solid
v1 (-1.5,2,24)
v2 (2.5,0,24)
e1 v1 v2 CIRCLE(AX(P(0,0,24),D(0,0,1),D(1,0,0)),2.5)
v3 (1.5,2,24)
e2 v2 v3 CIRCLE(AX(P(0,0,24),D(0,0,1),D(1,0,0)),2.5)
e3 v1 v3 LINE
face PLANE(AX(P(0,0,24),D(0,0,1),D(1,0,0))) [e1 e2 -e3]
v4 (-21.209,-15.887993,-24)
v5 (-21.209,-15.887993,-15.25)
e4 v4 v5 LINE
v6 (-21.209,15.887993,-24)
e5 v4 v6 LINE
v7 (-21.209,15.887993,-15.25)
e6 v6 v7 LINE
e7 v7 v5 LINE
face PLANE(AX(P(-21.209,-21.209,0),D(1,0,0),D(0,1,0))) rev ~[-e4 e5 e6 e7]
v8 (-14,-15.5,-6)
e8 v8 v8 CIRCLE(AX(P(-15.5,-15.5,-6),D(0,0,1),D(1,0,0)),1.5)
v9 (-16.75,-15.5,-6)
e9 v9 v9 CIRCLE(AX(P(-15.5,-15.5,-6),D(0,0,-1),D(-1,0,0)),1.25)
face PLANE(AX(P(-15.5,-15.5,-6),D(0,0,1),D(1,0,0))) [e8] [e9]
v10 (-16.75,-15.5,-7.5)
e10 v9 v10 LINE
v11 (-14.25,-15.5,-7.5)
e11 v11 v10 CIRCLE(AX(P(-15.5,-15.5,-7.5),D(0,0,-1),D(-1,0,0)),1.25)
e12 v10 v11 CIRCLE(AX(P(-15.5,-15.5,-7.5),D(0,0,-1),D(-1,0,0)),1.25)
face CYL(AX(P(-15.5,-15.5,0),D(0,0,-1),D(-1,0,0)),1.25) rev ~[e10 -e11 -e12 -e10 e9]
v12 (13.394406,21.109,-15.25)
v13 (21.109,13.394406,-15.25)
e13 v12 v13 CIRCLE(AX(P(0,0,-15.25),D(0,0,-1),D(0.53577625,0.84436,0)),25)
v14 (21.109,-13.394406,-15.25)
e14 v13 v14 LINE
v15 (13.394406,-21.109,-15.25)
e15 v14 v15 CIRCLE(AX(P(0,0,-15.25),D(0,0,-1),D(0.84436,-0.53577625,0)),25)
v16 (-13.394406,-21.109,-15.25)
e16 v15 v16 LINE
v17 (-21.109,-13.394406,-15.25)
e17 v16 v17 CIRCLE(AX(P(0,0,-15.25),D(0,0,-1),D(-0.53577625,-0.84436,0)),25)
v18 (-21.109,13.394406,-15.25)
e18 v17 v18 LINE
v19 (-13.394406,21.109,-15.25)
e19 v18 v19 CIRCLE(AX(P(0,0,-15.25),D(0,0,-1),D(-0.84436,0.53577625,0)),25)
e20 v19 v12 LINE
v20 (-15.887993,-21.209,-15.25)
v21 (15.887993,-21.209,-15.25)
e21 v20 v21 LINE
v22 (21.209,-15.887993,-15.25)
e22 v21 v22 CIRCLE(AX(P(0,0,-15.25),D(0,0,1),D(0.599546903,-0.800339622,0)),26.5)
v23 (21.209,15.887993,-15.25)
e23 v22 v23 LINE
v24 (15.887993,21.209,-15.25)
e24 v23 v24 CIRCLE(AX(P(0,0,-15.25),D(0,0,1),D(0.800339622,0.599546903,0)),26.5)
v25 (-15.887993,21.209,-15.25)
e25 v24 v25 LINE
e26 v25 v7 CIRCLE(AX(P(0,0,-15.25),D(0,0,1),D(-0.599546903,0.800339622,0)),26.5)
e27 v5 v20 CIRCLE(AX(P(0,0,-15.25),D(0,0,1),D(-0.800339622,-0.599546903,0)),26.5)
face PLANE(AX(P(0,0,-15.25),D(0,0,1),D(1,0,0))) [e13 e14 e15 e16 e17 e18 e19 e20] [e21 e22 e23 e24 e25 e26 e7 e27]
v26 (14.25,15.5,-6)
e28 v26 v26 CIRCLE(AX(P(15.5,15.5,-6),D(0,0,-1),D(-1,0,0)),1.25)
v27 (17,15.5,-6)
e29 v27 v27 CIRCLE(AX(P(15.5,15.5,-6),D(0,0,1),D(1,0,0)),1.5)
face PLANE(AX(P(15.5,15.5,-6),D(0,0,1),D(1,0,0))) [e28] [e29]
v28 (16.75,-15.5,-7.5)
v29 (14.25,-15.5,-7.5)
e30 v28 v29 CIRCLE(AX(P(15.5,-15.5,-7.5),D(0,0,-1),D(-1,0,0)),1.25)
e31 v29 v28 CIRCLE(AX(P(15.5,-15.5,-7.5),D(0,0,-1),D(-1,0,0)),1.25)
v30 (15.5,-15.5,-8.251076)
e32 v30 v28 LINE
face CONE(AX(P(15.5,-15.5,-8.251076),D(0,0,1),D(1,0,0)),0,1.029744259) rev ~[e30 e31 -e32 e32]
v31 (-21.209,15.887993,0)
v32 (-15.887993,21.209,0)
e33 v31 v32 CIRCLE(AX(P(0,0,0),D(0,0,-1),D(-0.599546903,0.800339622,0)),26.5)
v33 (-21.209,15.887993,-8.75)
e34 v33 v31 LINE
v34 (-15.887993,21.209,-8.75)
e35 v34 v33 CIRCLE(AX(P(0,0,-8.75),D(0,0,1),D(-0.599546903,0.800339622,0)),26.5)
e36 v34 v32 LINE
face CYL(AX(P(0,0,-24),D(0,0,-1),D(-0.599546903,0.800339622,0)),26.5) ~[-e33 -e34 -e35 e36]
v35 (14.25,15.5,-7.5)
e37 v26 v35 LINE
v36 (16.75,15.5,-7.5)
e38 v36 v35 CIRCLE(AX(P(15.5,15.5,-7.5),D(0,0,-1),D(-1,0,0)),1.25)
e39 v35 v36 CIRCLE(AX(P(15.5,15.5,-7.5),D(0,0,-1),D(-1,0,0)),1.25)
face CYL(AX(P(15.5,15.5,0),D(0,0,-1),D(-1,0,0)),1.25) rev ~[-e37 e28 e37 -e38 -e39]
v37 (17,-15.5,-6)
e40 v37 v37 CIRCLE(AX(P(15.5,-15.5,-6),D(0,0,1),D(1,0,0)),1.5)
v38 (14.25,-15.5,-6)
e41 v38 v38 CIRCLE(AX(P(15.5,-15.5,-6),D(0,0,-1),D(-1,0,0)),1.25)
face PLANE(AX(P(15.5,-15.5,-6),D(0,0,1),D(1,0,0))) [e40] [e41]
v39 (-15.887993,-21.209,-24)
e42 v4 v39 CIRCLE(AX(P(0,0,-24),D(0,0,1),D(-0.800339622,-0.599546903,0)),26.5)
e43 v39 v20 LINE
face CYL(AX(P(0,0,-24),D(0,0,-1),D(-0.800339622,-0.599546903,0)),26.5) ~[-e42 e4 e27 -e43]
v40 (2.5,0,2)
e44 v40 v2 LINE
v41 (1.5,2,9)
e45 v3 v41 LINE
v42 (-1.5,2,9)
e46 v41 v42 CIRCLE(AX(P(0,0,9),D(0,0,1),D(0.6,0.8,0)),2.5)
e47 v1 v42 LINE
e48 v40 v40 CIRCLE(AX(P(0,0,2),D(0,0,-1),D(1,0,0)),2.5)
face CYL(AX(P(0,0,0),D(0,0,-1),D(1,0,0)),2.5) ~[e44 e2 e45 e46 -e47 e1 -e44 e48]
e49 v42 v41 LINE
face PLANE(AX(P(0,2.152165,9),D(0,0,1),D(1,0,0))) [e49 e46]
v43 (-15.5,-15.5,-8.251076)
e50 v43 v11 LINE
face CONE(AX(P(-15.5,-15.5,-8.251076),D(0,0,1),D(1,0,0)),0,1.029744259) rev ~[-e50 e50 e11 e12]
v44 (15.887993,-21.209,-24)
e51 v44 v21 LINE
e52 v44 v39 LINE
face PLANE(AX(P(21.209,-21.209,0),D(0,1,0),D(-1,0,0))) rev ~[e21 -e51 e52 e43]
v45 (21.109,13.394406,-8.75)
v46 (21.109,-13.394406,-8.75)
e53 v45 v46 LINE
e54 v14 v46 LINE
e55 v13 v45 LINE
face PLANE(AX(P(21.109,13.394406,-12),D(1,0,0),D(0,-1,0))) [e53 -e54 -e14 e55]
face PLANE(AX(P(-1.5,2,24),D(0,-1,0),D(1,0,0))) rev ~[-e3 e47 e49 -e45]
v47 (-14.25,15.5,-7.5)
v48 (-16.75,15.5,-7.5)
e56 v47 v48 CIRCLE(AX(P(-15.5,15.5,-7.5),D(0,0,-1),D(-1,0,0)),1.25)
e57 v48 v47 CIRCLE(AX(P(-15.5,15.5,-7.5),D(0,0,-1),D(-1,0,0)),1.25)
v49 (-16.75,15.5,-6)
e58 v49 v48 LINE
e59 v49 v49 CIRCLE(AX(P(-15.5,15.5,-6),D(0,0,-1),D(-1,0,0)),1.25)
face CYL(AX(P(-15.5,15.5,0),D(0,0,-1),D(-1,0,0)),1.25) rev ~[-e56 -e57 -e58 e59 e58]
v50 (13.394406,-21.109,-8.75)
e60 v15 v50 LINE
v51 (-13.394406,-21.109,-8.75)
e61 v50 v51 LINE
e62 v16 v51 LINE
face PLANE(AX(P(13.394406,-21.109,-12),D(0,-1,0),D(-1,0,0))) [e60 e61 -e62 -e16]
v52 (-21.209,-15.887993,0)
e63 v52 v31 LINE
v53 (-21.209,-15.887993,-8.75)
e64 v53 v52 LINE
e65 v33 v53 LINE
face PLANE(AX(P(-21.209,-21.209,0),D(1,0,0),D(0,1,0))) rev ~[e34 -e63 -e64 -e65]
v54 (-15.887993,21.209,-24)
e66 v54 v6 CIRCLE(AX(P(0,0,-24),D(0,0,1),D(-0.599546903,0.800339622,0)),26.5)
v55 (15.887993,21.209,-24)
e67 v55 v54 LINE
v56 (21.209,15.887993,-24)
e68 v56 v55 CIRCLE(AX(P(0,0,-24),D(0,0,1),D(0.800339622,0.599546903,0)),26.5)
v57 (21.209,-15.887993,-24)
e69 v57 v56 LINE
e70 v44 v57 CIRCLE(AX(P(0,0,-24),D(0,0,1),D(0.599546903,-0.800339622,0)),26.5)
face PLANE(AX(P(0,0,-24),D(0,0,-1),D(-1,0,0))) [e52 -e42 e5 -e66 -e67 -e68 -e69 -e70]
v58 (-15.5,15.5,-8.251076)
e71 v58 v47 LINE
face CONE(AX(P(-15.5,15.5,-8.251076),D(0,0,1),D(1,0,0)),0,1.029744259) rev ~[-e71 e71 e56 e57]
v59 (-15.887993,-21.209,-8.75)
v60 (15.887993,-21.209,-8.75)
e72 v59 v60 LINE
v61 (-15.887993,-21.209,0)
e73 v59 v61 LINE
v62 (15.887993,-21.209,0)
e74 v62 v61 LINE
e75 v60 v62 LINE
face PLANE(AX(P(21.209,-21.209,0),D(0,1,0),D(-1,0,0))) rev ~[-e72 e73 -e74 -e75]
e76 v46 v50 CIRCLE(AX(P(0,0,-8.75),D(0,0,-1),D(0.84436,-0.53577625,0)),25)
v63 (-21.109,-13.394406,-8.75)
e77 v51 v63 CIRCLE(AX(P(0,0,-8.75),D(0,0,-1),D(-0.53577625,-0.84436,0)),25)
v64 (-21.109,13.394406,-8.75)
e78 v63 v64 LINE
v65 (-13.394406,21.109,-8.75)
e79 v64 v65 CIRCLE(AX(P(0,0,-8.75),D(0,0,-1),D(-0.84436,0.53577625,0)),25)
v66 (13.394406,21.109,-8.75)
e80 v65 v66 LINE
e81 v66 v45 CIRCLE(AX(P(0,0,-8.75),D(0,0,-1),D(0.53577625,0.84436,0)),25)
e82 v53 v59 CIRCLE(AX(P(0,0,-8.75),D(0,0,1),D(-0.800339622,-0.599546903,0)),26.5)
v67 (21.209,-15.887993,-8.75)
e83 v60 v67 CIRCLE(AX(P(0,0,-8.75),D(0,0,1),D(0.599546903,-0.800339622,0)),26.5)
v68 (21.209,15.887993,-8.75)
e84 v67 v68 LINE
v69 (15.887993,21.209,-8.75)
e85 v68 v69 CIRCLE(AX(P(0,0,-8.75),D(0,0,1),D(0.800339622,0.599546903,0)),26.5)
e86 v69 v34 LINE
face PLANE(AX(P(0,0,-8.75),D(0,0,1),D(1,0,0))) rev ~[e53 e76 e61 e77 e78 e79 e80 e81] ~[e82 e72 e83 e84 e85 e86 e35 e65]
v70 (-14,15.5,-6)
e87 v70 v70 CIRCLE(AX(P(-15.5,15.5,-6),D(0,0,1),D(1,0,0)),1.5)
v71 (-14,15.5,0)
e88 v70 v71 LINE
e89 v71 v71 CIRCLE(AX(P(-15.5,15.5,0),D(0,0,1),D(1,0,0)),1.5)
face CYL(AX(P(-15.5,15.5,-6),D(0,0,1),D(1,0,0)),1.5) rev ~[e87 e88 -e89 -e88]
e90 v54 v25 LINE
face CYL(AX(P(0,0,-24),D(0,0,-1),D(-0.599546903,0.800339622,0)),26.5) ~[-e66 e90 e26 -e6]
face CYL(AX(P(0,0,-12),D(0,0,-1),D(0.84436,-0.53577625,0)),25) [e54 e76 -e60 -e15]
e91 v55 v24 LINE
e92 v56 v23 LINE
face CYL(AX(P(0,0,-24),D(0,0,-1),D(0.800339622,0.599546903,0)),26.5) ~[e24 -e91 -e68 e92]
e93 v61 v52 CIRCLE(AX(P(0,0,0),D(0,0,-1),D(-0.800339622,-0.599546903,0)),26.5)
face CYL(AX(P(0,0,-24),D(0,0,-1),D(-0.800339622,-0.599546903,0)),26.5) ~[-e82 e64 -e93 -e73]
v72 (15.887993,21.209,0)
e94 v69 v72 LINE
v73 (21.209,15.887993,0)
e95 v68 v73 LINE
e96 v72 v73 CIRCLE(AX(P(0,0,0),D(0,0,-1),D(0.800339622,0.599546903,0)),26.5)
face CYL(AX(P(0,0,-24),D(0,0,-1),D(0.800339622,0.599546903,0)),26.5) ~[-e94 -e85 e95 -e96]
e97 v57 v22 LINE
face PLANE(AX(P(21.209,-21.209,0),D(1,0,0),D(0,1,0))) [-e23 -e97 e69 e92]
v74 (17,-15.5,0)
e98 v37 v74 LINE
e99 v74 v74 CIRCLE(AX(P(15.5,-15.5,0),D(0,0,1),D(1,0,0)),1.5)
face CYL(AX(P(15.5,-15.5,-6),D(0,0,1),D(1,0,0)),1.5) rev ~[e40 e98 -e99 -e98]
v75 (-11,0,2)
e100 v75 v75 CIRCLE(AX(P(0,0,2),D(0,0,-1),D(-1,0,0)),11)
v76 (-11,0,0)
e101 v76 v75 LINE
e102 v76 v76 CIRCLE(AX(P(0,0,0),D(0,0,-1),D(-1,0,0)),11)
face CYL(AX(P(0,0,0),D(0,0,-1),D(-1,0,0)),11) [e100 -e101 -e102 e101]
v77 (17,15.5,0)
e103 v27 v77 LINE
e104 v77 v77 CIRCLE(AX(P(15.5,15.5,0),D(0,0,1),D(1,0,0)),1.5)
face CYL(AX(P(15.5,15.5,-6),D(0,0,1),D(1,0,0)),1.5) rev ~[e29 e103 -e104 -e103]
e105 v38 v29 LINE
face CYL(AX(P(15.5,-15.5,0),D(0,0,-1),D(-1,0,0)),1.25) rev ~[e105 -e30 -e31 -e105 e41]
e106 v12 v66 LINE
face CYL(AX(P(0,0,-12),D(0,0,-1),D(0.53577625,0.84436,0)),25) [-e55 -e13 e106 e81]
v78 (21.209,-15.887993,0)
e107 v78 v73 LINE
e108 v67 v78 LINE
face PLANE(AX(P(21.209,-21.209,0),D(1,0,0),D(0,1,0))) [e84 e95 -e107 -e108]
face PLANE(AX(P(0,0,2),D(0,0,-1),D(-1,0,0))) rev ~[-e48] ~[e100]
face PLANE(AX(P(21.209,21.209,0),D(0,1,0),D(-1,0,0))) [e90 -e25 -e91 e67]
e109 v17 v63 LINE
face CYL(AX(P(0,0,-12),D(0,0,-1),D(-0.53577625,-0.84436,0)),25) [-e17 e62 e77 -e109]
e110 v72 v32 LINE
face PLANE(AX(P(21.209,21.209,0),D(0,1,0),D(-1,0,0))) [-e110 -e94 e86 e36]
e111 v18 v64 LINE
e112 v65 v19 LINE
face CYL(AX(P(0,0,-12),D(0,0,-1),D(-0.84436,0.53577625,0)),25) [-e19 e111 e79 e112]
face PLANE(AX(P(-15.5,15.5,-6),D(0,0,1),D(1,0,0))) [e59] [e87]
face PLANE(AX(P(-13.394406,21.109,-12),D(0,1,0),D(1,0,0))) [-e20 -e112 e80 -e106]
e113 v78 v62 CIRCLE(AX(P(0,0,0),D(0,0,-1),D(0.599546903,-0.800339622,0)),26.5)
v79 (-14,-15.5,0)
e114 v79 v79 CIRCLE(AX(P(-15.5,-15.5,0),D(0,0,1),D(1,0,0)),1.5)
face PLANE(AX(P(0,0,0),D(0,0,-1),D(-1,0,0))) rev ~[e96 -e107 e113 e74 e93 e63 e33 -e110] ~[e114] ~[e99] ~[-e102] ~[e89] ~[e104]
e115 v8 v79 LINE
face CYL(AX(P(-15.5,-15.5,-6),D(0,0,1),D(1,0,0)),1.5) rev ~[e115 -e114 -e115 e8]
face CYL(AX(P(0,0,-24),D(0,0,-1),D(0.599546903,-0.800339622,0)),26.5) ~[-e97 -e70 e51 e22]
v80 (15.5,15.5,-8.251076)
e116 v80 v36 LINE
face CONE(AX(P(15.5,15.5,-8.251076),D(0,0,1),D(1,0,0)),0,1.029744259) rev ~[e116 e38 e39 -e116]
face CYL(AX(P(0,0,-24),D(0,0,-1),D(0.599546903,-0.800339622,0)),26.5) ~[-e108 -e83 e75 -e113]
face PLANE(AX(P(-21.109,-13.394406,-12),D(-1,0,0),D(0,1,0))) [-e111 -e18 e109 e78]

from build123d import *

# Parameters (mm, degrees)
SKETCH1_R                       = 2.5
BOSS_EXTRUDE1_DEPTH             = 24
SKETCH2_R                       = 11
BOSS_EXTRUDE2_DEPTH             = 2
SKETCH3_W                       = 42.418
SKETCH3_H                       = 42.418
BOSS_EXTRUDE3_DEPTH             = 24
CUT_EXTRUDE1_DEPTH              = 49
M3X0_5_TAPPED_HOLE1_D           = 2.5
M3X0_5_TAPPED_HOLE1_DEPTH       = 7.5
M3X0_5_TAPPED_HOLE1_CBORE_D     = 3
M3X0_5_TAPPED_HOLE1_CBORE_DEPTH = 6
M3X0_5_TAPPED_HOLE1_TIP         = 0.751075774
CUT_EXTRUDE2_DEPTH              = 15
CUT_EXTRUDE3_DEPTH              = 3.25
CUT_EXTRUDE3_DEPTH_BACK         = 3.25


with BuildPart() as part:
    # Sketch1 → Boss-Extrude1 (new body)
    with BuildSketch(Plane.XY):
        Circle(SKETCH1_R)
    extrude(amount=BOSS_EXTRUDE1_DEPTH)

    # Sketch2 → Boss-Extrude2 (add)
    with BuildSketch(Plane(origin=(0, 0, 0), x_dir=(-1, 0, 0), z_dir=(0, 0, -1))):
        Circle(SKETCH2_R)
    extrude(amount=-BOSS_EXTRUDE2_DEPTH)

    # Sketch3 → Boss-Extrude3 (add)
    with BuildSketch(Plane(origin=(0, 0, 0), x_dir=(-1, 0, 0), z_dir=(0, 0, -1))):
        Rectangle(SKETCH3_W, SKETCH3_H)
    extrude(amount=BOSS_EXTRUDE3_DEPTH)

    # Sketch4 → Cut-Extrude1 (cut, through all)
    with BuildSketch(Plane(origin=(0, 0, -24), x_dir=(-1, 0, 0), z_dir=(0, 0, -1))):
        with BuildLine():
            Line((-21.209, -15.887992919), (-21.209, -21.209))
            Line((-21.209, -21.209), (-15.887992919, -21.209))
            ThreePointArc((-15.887992919, -21.209), (-18.738329701, -18.738329701), (-21.209, -15.887992919))
        make_face()
        with BuildLine():
            Line((15.887992919, -21.209), (21.209, -21.209))
            Line((21.209, -21.209), (21.209, -15.887992919))
            ThreePointArc((21.209, -15.887992919), (18.738329701, -18.738329701), (15.887992919, -21.209))
        make_face()
        with BuildLine():
            Line((21.209, 15.887992919), (21.209, 21.209))
            Line((21.209, 21.209), (15.887992919, 21.209))
            ThreePointArc((15.887992919, 21.209), (18.738329701, 18.738329701), (21.209, 15.887992919))
        make_face()
        with BuildLine():
            Line((-15.887992919, 21.209), (-21.209, 21.209))
            Line((-21.209, 21.209), (-21.209, 15.887992919))
            ThreePointArc((-21.209, 15.887992919), (-18.738329701, 18.738329701), (-15.887992919, 21.209))
        make_face()
    extrude(amount=-CUT_EXTRUDE1_DEPTH, mode=Mode.SUBTRACT)

    # M3x0.5 Tapped Hole1
    with Locations(Plane.XY):
        with Locations((-15.5, 15.5), (-15.5, -15.5), (15.5, -15.5), (15.5, 15.5)):
            CounterBoreHole(M3X0_5_TAPPED_HOLE1_D / 2, M3X0_5_TAPPED_HOLE1_CBORE_D / 2, M3X0_5_TAPPED_HOLE1_CBORE_DEPTH, depth=M3X0_5_TAPPED_HOLE1_DEPTH)
            with Locations((0, 0, -(M3X0_5_TAPPED_HOLE1_DEPTH + M3X0_5_TAPPED_HOLE1_TIP / 2))):  # 118° drill point
                Cone(0, M3X0_5_TAPPED_HOLE1_D / 2, M3X0_5_TAPPED_HOLE1_TIP, mode=Mode.SUBTRACT)

    # Sketch7 → Cut-Extrude2 (cut)
    with BuildSketch(Plane.XY.offset(24)):
        with BuildLine():
            Line((-1.5, 2), (1.5, 2))
            ThreePointArc((1.5, 2), (0, 2.5), (-1.5, 2))
        make_face()
    extrude(amount=-CUT_EXTRUDE2_DEPTH, mode=Mode.SUBTRACT)

    # Sketch8 → Cut-Extrude3 (cut, two sides)
    with BuildSketch(Plane.XY.offset(-12)) as cut_extrude3_sk:
        with BuildLine():
            Line((15.887992919, 21.209), (-15.887992919, 21.209))
            ThreePointArc((-15.887992919, 21.209), (-18.738329701, 18.738329701), (-21.209, 15.887992919))
            Line((-21.209, 15.887992919), (-21.209, -15.887992919))
            ThreePointArc((-21.209, -15.887992919), (-18.738329701, -18.738329701), (-15.887992919, -21.209))
            Line((-15.887992919, -21.209), (15.887992919, -21.209))
            ThreePointArc((15.887992919, -21.209), (18.738329701, -18.738329701), (21.209, -15.887992919))
            Line((21.209, -15.887992919), (21.209, 15.887992919))
            ThreePointArc((21.209, 15.887992919), (18.738329701, 18.738329701), (15.887992919, 21.209))
        make_face()
        with BuildLine():
            Line((-13.394406258, 21.109), (13.394406258, 21.109))
            ThreePointArc((13.394406258, 21.109), (17.67766953, 17.67766953), (21.109, 13.394406258))
            Line((21.109, 13.394406258), (21.109, -13.394406258))
            ThreePointArc((21.109, -13.394406258), (17.67766953, -17.67766953), (13.394406258, -21.109))
            Line((13.394406258, -21.109), (-13.394406258, -21.109))
            ThreePointArc((-13.394406258, -21.109), (-17.67766953, -17.67766953), (-21.109, -13.394406258))
            Line((-21.109, -13.394406258), (-21.109, 13.394406258))
            ThreePointArc((-21.109, 13.394406258), (-17.67766953, 17.67766953), (-13.394406258, 21.109))
        make_face(mode=Mode.SUBTRACT)
    extrude(amount=CUT_EXTRUDE3_DEPTH, mode=Mode.SUBTRACT)
    extrude(cut_extrude3_sk.sketch, amount=-CUT_EXTRUDE3_DEPTH_BACK, mode=Mode.SUBTRACT)


solid = part.part
